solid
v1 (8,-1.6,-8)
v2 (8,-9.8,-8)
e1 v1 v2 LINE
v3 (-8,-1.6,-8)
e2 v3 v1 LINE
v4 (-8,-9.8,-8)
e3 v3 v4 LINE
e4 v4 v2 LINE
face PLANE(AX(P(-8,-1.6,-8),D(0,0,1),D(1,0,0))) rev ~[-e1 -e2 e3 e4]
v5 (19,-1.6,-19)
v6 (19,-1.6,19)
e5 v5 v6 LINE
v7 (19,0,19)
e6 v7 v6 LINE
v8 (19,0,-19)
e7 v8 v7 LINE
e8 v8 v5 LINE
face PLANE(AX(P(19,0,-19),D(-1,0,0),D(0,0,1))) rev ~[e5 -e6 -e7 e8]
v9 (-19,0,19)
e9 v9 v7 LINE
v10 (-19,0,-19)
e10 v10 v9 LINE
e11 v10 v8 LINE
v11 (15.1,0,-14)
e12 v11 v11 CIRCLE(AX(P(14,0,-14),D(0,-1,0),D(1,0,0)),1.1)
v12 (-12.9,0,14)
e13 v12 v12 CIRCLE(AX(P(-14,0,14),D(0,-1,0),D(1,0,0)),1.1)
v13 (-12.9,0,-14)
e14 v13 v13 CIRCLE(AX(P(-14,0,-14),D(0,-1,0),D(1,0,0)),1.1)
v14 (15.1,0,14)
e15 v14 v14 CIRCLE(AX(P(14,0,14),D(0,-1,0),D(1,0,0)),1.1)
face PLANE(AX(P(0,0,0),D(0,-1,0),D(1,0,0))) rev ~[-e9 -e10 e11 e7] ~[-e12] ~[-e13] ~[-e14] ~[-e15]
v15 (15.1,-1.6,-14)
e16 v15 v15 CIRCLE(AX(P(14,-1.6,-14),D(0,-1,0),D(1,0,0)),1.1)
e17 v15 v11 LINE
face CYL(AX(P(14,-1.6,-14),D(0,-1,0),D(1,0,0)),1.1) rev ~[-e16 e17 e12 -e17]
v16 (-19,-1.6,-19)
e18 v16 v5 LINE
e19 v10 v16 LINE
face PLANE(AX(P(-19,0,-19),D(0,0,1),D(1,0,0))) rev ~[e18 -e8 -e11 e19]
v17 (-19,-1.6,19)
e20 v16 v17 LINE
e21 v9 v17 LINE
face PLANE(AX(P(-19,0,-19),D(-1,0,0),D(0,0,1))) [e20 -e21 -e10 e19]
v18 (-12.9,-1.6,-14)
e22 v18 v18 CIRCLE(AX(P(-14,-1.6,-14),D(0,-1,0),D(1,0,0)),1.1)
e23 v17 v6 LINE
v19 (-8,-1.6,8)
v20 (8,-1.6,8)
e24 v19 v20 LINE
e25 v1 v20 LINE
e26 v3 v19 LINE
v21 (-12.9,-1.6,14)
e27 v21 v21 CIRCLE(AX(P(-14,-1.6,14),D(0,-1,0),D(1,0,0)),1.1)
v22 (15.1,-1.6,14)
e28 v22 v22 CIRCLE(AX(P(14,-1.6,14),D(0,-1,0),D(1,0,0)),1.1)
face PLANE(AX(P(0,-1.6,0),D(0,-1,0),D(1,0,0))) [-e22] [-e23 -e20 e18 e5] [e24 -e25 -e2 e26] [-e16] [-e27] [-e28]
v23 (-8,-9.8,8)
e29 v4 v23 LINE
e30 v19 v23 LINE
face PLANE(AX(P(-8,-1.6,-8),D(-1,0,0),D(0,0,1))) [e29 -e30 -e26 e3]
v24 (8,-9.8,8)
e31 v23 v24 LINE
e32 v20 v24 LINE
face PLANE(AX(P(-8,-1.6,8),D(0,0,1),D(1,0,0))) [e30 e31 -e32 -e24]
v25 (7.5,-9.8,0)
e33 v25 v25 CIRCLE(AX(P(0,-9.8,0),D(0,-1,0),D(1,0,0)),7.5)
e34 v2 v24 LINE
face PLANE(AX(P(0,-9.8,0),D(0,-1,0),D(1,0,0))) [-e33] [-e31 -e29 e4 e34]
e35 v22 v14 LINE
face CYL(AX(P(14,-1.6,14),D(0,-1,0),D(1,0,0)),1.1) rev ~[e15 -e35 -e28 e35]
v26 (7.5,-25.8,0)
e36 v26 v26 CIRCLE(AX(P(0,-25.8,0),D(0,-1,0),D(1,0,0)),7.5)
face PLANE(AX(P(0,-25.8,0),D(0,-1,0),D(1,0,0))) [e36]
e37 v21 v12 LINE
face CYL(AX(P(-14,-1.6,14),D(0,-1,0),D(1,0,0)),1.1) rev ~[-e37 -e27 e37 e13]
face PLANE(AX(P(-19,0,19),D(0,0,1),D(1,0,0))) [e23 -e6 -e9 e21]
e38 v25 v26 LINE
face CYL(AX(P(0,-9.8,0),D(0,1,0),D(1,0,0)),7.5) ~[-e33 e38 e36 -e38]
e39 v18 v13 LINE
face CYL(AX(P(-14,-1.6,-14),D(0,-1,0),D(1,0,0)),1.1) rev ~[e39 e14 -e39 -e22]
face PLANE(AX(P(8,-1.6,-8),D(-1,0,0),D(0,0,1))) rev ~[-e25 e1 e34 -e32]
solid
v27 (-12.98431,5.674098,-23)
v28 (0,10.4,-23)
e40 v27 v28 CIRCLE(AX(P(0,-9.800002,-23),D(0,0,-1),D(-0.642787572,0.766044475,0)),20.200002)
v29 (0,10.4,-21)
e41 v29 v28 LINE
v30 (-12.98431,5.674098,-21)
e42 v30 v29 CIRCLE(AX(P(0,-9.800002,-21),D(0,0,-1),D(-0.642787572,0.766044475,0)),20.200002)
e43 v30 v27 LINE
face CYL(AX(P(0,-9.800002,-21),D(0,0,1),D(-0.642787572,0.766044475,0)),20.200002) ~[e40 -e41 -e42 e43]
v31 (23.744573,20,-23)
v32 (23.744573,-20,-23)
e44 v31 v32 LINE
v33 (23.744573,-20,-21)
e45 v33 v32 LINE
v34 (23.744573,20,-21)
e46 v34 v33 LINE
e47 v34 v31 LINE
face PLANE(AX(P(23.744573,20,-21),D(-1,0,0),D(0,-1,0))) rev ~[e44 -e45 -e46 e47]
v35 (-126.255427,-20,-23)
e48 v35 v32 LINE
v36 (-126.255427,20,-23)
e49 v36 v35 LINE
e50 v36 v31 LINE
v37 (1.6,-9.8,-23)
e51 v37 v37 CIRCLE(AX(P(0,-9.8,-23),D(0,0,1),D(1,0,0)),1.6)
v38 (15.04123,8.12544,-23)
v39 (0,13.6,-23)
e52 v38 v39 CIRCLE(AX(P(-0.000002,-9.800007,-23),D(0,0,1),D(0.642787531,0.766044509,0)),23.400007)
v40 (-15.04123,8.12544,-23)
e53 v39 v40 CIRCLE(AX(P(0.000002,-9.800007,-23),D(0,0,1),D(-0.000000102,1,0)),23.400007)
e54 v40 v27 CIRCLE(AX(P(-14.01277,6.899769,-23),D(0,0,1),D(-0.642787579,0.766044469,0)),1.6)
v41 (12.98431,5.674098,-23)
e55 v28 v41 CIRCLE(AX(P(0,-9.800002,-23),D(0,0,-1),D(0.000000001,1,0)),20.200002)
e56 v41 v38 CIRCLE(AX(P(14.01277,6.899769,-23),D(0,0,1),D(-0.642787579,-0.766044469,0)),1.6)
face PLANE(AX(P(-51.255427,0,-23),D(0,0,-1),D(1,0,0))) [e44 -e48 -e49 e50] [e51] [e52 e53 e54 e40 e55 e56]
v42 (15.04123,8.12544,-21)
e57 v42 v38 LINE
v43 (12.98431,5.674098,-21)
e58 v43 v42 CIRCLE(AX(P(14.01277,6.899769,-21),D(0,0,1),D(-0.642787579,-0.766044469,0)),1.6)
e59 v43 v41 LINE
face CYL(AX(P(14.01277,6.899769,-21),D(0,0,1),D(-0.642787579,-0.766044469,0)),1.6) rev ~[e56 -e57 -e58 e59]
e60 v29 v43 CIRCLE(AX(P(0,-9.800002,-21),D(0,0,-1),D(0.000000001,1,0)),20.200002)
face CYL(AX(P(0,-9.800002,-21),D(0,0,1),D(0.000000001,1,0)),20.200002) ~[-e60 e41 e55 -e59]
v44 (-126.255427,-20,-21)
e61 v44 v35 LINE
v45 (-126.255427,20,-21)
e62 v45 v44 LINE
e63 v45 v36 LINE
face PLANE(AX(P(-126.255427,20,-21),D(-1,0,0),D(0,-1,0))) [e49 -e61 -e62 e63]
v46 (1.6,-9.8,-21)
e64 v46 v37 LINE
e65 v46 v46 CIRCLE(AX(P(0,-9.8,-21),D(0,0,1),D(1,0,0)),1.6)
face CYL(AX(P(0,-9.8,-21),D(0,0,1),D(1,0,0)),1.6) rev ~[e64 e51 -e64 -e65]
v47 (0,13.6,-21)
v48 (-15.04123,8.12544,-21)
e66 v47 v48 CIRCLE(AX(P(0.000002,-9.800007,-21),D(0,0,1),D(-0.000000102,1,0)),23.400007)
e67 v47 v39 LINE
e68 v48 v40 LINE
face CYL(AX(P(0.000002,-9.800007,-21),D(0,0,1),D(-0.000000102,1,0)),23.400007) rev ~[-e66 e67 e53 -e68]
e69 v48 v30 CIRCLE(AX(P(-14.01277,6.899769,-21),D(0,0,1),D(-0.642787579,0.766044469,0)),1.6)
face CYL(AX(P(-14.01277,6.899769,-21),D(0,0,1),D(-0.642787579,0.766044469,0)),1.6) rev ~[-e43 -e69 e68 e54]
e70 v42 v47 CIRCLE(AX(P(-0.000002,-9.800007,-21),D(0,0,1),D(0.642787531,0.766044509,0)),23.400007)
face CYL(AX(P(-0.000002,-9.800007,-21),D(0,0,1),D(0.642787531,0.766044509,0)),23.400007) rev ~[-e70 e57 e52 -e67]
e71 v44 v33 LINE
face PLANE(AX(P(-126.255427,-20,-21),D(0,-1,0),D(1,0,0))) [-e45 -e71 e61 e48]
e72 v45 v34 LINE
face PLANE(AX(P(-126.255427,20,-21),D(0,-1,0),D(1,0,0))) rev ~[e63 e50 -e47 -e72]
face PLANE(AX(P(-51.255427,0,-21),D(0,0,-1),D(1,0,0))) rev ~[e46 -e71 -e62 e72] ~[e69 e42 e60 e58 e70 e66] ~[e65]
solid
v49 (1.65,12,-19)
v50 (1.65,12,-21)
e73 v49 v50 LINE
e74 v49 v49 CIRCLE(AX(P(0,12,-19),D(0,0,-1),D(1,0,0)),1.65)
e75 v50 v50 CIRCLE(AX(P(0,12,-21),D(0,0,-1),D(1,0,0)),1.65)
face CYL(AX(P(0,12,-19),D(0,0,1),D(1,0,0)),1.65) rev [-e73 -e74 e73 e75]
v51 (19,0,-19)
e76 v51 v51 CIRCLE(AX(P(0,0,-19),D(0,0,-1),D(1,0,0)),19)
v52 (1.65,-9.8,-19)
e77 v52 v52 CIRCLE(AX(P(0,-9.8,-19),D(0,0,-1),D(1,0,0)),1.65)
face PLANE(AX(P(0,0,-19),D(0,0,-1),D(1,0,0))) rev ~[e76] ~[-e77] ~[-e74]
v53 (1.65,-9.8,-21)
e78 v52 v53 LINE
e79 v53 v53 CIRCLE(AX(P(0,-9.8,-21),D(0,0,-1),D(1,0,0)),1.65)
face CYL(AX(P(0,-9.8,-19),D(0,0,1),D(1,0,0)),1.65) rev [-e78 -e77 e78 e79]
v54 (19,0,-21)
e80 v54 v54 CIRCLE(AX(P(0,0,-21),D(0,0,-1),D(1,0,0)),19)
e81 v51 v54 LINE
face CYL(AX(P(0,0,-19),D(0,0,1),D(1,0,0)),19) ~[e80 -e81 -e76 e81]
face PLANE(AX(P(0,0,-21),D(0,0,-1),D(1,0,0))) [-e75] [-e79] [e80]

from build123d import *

# Parameters (mm, degrees)
F0_W      = 38
F0_H      = 38
F1_DEPTH  = 1.6
F2_R      = 1.1
F3_DEPTH  = 1.6
F4_W      = 16
F4_H      = 16
F5_DEPTH  = 8.2
F6_R      = 7.5
F7_DEPTH  = 16
F8_R      = 19
F8_R_2    = 1.65
F9_DEPTH  = 2
F12_W     = 150
F12_H     = 40
F13_DEPTH = 2
F14_R     = 1.6
F15_DEPTH = 2


with BuildPart() as f1:
    # F0 (on Front) → F1 (new body)
    with BuildSketch(Plane.XZ):
        Rectangle(F0_W, F0_H)
    extrude(amount=F1_DEPTH)

    # F2 (on face) → F3 (cut, through all)
    with BuildSketch(Plane.XZ.offset(1.6)):
        with Locations((-14, 14)):
            Circle(F2_R)
        with Locations((14, 14)):
            Circle(F2_R)
        with Locations((-14, -14)):
            Circle(F2_R)
        with Locations((14, -14)):
            Circle(F2_R)
    extrude(amount=-F3_DEPTH, mode=Mode.SUBTRACT)

    # F4 (on face) → F5 (join)
    with BuildSketch(Plane.XZ.offset(1.6)):
        Rectangle(F4_W, F4_H)
    extrude(amount=F5_DEPTH)

    # F6 (on face) → F7 (join)
    with BuildSketch(Plane.XZ.offset(9.8)):
        Circle(F6_R)
    extrude(amount=F7_DEPTH)


with BuildPart() as f9:
    # F8 (on face) → F9 (new body)
    with BuildSketch(Plane(origin=(0, 0, -19), x_dir=(1, 0, 0), z_dir=(0, 0, -1))):
        Circle(F8_R)
        with Locations((0, -12)):
            Circle(F8_R_2, mode=Mode.SUBTRACT)
        with Locations((0, 9.8)):
            Circle(F8_R_2, mode=Mode.SUBTRACT)
    extrude(amount=F9_DEPTH)


with BuildPart() as f10_1:
    # F10: copy of F9
    add(f9.part)


with BuildPart() as f13:
    # F12 (on face) → F13 (new body)
    with BuildSketch(Plane(origin=(0, 0, -21), x_dir=(1, 0, 0), z_dir=(0, 0, -1))):
        with Locations((-51.255427, 0)):
            Rectangle(F12_W, F12_H)
    extrude(amount=F13_DEPTH)

    # F14 (on face) → F15 (cut, through all)
    with BuildSketch(Plane.XY.offset(-21)):
        with Locations((0, -9.8)):
            Circle(F14_R)
        with BuildLine():
            ThreePointArc((0, 13.6), (-8.003271, 12.188807), (-15.04123, 8.12544))
            ThreePointArc((-15.04123, 8.12544), (-15.238441, 5.871309), (-12.98431, 5.674098))
            ThreePointArc((-12.98431, 5.674098), (-6.908807, 9.181791), (0, 10.4))
            ThreePointArc((0, 10.4), (6.908807, 9.181791), (12.98431, 5.674098))
            ThreePointArc((12.98431, 5.674098), (15.238441, 5.871309), (15.04123, 8.12544))
            ThreePointArc((15.04123, 8.12544), (8.003271, 12.188807), (0, 13.6))
        make_face()
    extrude(amount=-F15_DEPTH, mode=Mode.SUBTRACT)


solid = Compound([f1.part, f9.part, f13.part])
